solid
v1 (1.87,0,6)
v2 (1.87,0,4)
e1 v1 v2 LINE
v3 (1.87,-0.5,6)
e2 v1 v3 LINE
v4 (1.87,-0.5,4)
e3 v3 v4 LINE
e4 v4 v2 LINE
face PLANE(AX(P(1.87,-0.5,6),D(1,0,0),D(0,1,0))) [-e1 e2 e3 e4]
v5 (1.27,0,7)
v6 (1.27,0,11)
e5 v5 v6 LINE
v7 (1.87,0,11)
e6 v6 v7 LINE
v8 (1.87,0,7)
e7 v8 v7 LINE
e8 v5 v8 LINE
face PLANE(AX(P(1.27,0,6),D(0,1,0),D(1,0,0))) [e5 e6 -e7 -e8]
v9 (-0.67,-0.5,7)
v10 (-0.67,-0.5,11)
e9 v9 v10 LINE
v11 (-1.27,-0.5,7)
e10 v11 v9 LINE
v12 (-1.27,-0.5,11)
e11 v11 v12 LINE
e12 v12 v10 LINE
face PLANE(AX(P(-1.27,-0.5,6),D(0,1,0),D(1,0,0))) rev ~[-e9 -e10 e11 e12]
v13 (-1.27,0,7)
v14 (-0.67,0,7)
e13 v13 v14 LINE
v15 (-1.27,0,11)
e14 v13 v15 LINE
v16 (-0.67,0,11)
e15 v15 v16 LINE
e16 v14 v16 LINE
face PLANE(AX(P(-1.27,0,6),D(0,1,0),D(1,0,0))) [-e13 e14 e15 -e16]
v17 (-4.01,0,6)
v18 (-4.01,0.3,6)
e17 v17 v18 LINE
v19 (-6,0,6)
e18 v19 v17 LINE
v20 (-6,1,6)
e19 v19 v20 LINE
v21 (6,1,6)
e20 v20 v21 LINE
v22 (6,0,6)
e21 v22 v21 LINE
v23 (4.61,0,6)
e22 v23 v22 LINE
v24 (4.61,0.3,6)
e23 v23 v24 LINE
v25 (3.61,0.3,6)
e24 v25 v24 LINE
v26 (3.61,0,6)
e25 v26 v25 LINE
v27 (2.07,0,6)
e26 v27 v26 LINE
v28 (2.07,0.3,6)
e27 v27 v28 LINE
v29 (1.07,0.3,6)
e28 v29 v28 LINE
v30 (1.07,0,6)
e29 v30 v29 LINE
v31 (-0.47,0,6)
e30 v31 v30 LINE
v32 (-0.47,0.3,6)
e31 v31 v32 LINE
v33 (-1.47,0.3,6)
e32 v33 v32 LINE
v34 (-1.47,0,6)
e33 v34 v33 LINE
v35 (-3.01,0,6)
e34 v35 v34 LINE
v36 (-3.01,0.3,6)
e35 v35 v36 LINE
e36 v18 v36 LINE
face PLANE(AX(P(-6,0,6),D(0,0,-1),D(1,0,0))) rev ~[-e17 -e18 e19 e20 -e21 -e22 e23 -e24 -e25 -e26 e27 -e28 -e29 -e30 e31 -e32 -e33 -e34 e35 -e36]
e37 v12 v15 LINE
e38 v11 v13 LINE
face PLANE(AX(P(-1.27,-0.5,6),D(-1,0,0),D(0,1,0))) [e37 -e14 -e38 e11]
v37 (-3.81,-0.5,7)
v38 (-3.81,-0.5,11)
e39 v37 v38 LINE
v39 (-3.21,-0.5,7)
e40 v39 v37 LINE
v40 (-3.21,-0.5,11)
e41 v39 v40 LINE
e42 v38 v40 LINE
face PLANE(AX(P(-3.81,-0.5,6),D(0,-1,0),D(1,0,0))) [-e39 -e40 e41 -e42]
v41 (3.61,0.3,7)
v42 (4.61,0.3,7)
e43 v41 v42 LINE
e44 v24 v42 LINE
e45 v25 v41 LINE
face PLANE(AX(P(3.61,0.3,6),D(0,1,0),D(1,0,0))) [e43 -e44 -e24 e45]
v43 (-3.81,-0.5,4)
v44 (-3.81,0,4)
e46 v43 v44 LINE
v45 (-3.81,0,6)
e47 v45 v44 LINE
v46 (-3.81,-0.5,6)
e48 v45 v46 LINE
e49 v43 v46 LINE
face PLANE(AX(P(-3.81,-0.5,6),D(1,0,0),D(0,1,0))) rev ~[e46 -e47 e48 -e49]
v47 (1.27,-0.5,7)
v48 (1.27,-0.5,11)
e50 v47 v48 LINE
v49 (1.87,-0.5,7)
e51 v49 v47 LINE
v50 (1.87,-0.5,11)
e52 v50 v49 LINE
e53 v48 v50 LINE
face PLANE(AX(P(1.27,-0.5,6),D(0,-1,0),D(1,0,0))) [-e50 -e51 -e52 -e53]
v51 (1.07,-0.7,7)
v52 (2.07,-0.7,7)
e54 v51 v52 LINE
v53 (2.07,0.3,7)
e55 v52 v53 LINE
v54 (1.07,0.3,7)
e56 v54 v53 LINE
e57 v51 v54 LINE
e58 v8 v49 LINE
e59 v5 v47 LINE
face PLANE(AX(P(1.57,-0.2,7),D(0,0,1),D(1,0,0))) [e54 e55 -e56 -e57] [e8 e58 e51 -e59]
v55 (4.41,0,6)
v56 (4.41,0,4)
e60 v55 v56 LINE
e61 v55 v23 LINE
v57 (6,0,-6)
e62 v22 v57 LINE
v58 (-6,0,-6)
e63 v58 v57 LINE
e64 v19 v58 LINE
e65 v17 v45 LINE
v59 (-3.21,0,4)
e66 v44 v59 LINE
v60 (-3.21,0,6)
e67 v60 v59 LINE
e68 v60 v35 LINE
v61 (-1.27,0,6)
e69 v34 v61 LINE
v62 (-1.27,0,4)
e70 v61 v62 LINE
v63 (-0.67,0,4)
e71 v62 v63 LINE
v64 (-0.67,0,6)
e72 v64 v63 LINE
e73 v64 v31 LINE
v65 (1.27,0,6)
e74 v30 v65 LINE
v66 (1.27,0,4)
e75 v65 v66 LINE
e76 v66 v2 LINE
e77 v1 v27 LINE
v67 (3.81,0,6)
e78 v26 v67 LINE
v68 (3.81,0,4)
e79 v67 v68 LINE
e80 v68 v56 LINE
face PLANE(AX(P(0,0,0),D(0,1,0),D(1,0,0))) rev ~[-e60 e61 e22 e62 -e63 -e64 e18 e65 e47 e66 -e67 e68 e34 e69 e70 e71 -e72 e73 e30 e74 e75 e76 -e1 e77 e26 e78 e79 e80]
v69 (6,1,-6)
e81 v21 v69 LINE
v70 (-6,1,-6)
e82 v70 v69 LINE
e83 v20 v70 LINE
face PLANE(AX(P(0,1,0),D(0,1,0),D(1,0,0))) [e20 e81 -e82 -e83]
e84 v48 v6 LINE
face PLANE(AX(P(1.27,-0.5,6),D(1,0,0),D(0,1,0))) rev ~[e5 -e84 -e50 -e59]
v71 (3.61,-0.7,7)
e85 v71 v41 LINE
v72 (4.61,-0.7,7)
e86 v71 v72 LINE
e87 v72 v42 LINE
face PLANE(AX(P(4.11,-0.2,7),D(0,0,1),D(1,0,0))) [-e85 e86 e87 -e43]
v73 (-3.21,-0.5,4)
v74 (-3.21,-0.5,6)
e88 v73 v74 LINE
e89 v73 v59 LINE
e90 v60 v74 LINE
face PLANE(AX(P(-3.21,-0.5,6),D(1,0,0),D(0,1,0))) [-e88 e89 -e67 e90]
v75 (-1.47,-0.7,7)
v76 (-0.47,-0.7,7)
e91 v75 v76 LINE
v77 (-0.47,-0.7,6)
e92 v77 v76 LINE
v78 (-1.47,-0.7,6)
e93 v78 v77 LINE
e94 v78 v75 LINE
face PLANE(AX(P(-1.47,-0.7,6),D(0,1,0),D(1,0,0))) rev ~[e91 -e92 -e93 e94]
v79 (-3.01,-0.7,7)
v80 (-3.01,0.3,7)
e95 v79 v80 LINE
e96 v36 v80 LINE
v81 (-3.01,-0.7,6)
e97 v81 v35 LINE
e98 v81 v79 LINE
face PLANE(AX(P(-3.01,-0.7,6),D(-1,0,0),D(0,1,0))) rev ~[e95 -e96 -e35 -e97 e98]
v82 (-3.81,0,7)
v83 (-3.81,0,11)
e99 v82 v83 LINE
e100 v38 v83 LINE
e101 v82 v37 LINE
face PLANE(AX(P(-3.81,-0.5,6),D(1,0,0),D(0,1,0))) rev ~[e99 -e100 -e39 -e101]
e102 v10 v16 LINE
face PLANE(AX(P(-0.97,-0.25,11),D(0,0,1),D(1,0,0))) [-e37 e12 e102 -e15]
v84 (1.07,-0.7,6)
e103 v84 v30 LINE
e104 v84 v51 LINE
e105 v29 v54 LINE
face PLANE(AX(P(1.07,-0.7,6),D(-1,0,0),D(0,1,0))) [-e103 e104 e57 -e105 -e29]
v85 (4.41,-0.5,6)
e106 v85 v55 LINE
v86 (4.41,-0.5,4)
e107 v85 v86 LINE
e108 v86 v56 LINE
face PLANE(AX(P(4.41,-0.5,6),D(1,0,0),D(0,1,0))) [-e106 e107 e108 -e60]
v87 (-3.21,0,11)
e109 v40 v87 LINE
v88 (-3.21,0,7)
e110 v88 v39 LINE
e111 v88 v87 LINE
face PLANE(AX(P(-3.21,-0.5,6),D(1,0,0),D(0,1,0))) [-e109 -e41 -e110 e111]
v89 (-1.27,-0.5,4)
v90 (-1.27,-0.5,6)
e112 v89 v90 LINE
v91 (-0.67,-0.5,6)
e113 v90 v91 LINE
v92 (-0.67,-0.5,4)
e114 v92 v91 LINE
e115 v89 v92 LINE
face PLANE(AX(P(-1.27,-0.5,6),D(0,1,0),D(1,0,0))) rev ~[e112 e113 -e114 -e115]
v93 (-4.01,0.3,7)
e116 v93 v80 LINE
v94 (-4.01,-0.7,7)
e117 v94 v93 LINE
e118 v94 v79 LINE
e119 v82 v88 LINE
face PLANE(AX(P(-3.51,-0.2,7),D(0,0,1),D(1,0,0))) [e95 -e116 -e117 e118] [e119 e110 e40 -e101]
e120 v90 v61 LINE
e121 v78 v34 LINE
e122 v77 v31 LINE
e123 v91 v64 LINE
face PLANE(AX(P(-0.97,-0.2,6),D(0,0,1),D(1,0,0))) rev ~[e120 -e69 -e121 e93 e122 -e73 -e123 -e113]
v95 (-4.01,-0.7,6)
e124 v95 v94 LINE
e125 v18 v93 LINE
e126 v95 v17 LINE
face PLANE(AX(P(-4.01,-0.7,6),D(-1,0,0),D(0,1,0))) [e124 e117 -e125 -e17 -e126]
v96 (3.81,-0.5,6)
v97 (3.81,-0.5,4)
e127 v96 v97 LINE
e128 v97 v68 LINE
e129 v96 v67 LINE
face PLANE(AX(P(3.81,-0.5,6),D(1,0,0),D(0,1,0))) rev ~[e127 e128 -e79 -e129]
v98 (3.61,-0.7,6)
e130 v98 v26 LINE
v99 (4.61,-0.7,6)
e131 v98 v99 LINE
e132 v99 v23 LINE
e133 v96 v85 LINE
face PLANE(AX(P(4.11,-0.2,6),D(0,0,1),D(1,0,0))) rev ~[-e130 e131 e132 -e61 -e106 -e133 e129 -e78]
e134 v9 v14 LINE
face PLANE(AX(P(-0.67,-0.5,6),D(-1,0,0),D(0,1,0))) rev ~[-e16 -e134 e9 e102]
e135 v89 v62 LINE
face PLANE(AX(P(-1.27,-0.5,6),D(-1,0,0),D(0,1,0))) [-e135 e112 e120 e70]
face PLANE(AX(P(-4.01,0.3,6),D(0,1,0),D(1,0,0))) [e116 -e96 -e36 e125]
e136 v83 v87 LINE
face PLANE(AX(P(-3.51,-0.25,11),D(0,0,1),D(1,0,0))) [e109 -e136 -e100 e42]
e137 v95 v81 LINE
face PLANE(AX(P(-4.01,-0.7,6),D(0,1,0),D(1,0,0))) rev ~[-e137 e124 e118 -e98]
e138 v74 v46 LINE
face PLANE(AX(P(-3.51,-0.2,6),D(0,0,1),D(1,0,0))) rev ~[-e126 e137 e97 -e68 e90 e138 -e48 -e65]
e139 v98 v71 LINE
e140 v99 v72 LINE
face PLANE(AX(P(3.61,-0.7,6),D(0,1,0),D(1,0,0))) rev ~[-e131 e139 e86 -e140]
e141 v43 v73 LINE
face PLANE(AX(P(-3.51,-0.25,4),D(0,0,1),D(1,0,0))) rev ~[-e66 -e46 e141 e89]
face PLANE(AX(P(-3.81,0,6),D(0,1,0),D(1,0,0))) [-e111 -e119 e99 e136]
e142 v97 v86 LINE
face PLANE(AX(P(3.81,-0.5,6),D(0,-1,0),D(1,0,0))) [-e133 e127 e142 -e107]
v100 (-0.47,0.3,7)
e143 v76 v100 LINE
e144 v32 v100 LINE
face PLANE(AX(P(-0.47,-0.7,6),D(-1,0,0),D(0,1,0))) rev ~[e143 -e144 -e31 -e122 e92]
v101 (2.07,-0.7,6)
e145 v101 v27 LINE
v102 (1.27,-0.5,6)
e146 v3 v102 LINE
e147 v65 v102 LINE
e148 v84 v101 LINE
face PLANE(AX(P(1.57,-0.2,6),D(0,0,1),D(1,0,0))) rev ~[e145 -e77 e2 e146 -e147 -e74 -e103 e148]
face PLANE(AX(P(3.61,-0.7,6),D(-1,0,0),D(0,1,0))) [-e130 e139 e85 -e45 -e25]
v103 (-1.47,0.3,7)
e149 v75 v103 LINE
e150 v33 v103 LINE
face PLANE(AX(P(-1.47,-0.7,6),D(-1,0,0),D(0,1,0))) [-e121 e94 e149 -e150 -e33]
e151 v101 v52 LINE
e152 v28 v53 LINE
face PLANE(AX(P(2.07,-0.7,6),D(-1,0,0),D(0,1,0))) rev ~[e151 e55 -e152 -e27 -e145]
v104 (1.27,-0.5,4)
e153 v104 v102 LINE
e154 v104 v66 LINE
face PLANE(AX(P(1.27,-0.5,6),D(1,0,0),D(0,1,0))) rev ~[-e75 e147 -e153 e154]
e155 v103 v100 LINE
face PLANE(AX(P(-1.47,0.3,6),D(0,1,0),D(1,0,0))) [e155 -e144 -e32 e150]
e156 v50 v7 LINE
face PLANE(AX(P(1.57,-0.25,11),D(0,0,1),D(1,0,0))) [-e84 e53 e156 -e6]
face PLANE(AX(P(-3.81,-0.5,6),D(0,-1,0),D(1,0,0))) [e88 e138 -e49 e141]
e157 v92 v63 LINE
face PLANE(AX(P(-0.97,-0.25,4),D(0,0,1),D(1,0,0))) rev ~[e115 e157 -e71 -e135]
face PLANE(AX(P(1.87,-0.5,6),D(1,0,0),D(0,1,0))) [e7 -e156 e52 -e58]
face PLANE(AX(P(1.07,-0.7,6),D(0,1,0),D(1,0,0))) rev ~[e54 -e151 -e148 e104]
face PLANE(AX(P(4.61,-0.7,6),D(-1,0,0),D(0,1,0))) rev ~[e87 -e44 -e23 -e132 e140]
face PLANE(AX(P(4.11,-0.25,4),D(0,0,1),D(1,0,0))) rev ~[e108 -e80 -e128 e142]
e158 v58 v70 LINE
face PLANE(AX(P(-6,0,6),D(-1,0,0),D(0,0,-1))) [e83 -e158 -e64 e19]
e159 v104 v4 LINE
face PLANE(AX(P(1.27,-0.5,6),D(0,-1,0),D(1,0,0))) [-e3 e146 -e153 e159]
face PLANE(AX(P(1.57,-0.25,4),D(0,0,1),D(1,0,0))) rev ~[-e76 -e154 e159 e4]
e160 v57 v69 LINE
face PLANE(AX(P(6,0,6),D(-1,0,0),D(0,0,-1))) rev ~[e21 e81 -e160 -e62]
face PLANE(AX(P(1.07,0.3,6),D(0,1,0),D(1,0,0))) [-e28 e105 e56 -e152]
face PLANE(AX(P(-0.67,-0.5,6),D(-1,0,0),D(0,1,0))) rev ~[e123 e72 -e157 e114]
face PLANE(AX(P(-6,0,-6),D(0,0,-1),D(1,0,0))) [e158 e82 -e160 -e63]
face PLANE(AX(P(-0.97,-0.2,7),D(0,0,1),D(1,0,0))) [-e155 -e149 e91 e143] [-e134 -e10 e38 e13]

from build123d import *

# Parameters (mm, degrees)
SKETCH1_W           = 12
SKETCH1_H           = 12
BOSS_EXTRUDE1_DEPTH = 1
SKETCH2_W           = 0.6
SKETCH2_H           = 0.5
BOSS_EXTRUDE2_DEPTH = 5
SKETCH2_3_W         = 0.6
SKETCH2_3_H         = 0.5
BOSS_EXTRUDE3_DEPTH = 2
LPATTERN2_COUNT     = 4
LPATTERN2_PITCH     = 2.54
LPATTERN3_COUNT     = 3
LPATTERN3_PITCH     = 2.54
SKETCH3_W           = 1
SKETCH3_H           = 1
BOSS_EXTRUDE4_DEPTH = 1
LPATTERN4_COUNT     = 4
LPATTERN4_PITCH     = 2.54


with BuildPart() as part:
    # Sketch1 → Boss-Extrude1 (new body)
    with BuildSketch(Plane(origin=(0, 0, 0), x_dir=(1, 0, 0), z_dir=(0, 1, 0))):
        Rectangle(SKETCH1_W, SKETCH1_H)
    extrude(amount=BOSS_EXTRUDE1_DEPTH)



with BuildPart() as body_2:
    # Sketch2 → Boss-Extrude2 (new body)
    with BuildSketch(Plane.XY.offset(6)):
        with Locations((-3.51, -0.25)):
            Rectangle(SKETCH2_W, SKETCH2_H)
    boss_extrude2 = extrude(amount=BOSS_EXTRUDE2_DEPTH)


with BuildPart() as part_1:
    add(part.part)

    add(body_2.part)  # Boss-Extrude3 merges body 2
    # Sketch2<3> → Boss-Extrude3 (add)
    with BuildSketch(Plane.XY.offset(6)):
        with Locations((-3.51, -0.25)):
            Rectangle(SKETCH2_3_W, SKETCH2_3_H)
    boss_extrude3 = extrude(amount=-BOSS_EXTRUDE3_DEPTH)

    # LPattern2: Boss-Extrude3 ×4
    with Locations(*[(i * LPATTERN2_PITCH, 0, 0) for i in range(1, LPATTERN2_COUNT)]):
        add(boss_extrude3)

    # LPattern3: Boss-Extrude2 ×3
    with Locations(*[(i * LPATTERN3_PITCH, 0, 0) for i in range(1, LPATTERN3_COUNT)]):
        add(boss_extrude2)

    # Sketch3 → Boss-Extrude4 (add)
    with BuildSketch(Plane.XY.offset(6)):
        with Locations((4.11, -0.2)):
            Rectangle(SKETCH3_W, SKETCH3_H)
    boss_extrude4 = extrude(amount=BOSS_EXTRUDE4_DEPTH)

    # LPattern4: Boss-Extrude4 ×4
    with Locations(*[(-i * LPATTERN4_PITCH, 0, 0) for i in range(1, LPATTERN4_COUNT)]):
        add(boss_extrude4)


solid = part_1.part
